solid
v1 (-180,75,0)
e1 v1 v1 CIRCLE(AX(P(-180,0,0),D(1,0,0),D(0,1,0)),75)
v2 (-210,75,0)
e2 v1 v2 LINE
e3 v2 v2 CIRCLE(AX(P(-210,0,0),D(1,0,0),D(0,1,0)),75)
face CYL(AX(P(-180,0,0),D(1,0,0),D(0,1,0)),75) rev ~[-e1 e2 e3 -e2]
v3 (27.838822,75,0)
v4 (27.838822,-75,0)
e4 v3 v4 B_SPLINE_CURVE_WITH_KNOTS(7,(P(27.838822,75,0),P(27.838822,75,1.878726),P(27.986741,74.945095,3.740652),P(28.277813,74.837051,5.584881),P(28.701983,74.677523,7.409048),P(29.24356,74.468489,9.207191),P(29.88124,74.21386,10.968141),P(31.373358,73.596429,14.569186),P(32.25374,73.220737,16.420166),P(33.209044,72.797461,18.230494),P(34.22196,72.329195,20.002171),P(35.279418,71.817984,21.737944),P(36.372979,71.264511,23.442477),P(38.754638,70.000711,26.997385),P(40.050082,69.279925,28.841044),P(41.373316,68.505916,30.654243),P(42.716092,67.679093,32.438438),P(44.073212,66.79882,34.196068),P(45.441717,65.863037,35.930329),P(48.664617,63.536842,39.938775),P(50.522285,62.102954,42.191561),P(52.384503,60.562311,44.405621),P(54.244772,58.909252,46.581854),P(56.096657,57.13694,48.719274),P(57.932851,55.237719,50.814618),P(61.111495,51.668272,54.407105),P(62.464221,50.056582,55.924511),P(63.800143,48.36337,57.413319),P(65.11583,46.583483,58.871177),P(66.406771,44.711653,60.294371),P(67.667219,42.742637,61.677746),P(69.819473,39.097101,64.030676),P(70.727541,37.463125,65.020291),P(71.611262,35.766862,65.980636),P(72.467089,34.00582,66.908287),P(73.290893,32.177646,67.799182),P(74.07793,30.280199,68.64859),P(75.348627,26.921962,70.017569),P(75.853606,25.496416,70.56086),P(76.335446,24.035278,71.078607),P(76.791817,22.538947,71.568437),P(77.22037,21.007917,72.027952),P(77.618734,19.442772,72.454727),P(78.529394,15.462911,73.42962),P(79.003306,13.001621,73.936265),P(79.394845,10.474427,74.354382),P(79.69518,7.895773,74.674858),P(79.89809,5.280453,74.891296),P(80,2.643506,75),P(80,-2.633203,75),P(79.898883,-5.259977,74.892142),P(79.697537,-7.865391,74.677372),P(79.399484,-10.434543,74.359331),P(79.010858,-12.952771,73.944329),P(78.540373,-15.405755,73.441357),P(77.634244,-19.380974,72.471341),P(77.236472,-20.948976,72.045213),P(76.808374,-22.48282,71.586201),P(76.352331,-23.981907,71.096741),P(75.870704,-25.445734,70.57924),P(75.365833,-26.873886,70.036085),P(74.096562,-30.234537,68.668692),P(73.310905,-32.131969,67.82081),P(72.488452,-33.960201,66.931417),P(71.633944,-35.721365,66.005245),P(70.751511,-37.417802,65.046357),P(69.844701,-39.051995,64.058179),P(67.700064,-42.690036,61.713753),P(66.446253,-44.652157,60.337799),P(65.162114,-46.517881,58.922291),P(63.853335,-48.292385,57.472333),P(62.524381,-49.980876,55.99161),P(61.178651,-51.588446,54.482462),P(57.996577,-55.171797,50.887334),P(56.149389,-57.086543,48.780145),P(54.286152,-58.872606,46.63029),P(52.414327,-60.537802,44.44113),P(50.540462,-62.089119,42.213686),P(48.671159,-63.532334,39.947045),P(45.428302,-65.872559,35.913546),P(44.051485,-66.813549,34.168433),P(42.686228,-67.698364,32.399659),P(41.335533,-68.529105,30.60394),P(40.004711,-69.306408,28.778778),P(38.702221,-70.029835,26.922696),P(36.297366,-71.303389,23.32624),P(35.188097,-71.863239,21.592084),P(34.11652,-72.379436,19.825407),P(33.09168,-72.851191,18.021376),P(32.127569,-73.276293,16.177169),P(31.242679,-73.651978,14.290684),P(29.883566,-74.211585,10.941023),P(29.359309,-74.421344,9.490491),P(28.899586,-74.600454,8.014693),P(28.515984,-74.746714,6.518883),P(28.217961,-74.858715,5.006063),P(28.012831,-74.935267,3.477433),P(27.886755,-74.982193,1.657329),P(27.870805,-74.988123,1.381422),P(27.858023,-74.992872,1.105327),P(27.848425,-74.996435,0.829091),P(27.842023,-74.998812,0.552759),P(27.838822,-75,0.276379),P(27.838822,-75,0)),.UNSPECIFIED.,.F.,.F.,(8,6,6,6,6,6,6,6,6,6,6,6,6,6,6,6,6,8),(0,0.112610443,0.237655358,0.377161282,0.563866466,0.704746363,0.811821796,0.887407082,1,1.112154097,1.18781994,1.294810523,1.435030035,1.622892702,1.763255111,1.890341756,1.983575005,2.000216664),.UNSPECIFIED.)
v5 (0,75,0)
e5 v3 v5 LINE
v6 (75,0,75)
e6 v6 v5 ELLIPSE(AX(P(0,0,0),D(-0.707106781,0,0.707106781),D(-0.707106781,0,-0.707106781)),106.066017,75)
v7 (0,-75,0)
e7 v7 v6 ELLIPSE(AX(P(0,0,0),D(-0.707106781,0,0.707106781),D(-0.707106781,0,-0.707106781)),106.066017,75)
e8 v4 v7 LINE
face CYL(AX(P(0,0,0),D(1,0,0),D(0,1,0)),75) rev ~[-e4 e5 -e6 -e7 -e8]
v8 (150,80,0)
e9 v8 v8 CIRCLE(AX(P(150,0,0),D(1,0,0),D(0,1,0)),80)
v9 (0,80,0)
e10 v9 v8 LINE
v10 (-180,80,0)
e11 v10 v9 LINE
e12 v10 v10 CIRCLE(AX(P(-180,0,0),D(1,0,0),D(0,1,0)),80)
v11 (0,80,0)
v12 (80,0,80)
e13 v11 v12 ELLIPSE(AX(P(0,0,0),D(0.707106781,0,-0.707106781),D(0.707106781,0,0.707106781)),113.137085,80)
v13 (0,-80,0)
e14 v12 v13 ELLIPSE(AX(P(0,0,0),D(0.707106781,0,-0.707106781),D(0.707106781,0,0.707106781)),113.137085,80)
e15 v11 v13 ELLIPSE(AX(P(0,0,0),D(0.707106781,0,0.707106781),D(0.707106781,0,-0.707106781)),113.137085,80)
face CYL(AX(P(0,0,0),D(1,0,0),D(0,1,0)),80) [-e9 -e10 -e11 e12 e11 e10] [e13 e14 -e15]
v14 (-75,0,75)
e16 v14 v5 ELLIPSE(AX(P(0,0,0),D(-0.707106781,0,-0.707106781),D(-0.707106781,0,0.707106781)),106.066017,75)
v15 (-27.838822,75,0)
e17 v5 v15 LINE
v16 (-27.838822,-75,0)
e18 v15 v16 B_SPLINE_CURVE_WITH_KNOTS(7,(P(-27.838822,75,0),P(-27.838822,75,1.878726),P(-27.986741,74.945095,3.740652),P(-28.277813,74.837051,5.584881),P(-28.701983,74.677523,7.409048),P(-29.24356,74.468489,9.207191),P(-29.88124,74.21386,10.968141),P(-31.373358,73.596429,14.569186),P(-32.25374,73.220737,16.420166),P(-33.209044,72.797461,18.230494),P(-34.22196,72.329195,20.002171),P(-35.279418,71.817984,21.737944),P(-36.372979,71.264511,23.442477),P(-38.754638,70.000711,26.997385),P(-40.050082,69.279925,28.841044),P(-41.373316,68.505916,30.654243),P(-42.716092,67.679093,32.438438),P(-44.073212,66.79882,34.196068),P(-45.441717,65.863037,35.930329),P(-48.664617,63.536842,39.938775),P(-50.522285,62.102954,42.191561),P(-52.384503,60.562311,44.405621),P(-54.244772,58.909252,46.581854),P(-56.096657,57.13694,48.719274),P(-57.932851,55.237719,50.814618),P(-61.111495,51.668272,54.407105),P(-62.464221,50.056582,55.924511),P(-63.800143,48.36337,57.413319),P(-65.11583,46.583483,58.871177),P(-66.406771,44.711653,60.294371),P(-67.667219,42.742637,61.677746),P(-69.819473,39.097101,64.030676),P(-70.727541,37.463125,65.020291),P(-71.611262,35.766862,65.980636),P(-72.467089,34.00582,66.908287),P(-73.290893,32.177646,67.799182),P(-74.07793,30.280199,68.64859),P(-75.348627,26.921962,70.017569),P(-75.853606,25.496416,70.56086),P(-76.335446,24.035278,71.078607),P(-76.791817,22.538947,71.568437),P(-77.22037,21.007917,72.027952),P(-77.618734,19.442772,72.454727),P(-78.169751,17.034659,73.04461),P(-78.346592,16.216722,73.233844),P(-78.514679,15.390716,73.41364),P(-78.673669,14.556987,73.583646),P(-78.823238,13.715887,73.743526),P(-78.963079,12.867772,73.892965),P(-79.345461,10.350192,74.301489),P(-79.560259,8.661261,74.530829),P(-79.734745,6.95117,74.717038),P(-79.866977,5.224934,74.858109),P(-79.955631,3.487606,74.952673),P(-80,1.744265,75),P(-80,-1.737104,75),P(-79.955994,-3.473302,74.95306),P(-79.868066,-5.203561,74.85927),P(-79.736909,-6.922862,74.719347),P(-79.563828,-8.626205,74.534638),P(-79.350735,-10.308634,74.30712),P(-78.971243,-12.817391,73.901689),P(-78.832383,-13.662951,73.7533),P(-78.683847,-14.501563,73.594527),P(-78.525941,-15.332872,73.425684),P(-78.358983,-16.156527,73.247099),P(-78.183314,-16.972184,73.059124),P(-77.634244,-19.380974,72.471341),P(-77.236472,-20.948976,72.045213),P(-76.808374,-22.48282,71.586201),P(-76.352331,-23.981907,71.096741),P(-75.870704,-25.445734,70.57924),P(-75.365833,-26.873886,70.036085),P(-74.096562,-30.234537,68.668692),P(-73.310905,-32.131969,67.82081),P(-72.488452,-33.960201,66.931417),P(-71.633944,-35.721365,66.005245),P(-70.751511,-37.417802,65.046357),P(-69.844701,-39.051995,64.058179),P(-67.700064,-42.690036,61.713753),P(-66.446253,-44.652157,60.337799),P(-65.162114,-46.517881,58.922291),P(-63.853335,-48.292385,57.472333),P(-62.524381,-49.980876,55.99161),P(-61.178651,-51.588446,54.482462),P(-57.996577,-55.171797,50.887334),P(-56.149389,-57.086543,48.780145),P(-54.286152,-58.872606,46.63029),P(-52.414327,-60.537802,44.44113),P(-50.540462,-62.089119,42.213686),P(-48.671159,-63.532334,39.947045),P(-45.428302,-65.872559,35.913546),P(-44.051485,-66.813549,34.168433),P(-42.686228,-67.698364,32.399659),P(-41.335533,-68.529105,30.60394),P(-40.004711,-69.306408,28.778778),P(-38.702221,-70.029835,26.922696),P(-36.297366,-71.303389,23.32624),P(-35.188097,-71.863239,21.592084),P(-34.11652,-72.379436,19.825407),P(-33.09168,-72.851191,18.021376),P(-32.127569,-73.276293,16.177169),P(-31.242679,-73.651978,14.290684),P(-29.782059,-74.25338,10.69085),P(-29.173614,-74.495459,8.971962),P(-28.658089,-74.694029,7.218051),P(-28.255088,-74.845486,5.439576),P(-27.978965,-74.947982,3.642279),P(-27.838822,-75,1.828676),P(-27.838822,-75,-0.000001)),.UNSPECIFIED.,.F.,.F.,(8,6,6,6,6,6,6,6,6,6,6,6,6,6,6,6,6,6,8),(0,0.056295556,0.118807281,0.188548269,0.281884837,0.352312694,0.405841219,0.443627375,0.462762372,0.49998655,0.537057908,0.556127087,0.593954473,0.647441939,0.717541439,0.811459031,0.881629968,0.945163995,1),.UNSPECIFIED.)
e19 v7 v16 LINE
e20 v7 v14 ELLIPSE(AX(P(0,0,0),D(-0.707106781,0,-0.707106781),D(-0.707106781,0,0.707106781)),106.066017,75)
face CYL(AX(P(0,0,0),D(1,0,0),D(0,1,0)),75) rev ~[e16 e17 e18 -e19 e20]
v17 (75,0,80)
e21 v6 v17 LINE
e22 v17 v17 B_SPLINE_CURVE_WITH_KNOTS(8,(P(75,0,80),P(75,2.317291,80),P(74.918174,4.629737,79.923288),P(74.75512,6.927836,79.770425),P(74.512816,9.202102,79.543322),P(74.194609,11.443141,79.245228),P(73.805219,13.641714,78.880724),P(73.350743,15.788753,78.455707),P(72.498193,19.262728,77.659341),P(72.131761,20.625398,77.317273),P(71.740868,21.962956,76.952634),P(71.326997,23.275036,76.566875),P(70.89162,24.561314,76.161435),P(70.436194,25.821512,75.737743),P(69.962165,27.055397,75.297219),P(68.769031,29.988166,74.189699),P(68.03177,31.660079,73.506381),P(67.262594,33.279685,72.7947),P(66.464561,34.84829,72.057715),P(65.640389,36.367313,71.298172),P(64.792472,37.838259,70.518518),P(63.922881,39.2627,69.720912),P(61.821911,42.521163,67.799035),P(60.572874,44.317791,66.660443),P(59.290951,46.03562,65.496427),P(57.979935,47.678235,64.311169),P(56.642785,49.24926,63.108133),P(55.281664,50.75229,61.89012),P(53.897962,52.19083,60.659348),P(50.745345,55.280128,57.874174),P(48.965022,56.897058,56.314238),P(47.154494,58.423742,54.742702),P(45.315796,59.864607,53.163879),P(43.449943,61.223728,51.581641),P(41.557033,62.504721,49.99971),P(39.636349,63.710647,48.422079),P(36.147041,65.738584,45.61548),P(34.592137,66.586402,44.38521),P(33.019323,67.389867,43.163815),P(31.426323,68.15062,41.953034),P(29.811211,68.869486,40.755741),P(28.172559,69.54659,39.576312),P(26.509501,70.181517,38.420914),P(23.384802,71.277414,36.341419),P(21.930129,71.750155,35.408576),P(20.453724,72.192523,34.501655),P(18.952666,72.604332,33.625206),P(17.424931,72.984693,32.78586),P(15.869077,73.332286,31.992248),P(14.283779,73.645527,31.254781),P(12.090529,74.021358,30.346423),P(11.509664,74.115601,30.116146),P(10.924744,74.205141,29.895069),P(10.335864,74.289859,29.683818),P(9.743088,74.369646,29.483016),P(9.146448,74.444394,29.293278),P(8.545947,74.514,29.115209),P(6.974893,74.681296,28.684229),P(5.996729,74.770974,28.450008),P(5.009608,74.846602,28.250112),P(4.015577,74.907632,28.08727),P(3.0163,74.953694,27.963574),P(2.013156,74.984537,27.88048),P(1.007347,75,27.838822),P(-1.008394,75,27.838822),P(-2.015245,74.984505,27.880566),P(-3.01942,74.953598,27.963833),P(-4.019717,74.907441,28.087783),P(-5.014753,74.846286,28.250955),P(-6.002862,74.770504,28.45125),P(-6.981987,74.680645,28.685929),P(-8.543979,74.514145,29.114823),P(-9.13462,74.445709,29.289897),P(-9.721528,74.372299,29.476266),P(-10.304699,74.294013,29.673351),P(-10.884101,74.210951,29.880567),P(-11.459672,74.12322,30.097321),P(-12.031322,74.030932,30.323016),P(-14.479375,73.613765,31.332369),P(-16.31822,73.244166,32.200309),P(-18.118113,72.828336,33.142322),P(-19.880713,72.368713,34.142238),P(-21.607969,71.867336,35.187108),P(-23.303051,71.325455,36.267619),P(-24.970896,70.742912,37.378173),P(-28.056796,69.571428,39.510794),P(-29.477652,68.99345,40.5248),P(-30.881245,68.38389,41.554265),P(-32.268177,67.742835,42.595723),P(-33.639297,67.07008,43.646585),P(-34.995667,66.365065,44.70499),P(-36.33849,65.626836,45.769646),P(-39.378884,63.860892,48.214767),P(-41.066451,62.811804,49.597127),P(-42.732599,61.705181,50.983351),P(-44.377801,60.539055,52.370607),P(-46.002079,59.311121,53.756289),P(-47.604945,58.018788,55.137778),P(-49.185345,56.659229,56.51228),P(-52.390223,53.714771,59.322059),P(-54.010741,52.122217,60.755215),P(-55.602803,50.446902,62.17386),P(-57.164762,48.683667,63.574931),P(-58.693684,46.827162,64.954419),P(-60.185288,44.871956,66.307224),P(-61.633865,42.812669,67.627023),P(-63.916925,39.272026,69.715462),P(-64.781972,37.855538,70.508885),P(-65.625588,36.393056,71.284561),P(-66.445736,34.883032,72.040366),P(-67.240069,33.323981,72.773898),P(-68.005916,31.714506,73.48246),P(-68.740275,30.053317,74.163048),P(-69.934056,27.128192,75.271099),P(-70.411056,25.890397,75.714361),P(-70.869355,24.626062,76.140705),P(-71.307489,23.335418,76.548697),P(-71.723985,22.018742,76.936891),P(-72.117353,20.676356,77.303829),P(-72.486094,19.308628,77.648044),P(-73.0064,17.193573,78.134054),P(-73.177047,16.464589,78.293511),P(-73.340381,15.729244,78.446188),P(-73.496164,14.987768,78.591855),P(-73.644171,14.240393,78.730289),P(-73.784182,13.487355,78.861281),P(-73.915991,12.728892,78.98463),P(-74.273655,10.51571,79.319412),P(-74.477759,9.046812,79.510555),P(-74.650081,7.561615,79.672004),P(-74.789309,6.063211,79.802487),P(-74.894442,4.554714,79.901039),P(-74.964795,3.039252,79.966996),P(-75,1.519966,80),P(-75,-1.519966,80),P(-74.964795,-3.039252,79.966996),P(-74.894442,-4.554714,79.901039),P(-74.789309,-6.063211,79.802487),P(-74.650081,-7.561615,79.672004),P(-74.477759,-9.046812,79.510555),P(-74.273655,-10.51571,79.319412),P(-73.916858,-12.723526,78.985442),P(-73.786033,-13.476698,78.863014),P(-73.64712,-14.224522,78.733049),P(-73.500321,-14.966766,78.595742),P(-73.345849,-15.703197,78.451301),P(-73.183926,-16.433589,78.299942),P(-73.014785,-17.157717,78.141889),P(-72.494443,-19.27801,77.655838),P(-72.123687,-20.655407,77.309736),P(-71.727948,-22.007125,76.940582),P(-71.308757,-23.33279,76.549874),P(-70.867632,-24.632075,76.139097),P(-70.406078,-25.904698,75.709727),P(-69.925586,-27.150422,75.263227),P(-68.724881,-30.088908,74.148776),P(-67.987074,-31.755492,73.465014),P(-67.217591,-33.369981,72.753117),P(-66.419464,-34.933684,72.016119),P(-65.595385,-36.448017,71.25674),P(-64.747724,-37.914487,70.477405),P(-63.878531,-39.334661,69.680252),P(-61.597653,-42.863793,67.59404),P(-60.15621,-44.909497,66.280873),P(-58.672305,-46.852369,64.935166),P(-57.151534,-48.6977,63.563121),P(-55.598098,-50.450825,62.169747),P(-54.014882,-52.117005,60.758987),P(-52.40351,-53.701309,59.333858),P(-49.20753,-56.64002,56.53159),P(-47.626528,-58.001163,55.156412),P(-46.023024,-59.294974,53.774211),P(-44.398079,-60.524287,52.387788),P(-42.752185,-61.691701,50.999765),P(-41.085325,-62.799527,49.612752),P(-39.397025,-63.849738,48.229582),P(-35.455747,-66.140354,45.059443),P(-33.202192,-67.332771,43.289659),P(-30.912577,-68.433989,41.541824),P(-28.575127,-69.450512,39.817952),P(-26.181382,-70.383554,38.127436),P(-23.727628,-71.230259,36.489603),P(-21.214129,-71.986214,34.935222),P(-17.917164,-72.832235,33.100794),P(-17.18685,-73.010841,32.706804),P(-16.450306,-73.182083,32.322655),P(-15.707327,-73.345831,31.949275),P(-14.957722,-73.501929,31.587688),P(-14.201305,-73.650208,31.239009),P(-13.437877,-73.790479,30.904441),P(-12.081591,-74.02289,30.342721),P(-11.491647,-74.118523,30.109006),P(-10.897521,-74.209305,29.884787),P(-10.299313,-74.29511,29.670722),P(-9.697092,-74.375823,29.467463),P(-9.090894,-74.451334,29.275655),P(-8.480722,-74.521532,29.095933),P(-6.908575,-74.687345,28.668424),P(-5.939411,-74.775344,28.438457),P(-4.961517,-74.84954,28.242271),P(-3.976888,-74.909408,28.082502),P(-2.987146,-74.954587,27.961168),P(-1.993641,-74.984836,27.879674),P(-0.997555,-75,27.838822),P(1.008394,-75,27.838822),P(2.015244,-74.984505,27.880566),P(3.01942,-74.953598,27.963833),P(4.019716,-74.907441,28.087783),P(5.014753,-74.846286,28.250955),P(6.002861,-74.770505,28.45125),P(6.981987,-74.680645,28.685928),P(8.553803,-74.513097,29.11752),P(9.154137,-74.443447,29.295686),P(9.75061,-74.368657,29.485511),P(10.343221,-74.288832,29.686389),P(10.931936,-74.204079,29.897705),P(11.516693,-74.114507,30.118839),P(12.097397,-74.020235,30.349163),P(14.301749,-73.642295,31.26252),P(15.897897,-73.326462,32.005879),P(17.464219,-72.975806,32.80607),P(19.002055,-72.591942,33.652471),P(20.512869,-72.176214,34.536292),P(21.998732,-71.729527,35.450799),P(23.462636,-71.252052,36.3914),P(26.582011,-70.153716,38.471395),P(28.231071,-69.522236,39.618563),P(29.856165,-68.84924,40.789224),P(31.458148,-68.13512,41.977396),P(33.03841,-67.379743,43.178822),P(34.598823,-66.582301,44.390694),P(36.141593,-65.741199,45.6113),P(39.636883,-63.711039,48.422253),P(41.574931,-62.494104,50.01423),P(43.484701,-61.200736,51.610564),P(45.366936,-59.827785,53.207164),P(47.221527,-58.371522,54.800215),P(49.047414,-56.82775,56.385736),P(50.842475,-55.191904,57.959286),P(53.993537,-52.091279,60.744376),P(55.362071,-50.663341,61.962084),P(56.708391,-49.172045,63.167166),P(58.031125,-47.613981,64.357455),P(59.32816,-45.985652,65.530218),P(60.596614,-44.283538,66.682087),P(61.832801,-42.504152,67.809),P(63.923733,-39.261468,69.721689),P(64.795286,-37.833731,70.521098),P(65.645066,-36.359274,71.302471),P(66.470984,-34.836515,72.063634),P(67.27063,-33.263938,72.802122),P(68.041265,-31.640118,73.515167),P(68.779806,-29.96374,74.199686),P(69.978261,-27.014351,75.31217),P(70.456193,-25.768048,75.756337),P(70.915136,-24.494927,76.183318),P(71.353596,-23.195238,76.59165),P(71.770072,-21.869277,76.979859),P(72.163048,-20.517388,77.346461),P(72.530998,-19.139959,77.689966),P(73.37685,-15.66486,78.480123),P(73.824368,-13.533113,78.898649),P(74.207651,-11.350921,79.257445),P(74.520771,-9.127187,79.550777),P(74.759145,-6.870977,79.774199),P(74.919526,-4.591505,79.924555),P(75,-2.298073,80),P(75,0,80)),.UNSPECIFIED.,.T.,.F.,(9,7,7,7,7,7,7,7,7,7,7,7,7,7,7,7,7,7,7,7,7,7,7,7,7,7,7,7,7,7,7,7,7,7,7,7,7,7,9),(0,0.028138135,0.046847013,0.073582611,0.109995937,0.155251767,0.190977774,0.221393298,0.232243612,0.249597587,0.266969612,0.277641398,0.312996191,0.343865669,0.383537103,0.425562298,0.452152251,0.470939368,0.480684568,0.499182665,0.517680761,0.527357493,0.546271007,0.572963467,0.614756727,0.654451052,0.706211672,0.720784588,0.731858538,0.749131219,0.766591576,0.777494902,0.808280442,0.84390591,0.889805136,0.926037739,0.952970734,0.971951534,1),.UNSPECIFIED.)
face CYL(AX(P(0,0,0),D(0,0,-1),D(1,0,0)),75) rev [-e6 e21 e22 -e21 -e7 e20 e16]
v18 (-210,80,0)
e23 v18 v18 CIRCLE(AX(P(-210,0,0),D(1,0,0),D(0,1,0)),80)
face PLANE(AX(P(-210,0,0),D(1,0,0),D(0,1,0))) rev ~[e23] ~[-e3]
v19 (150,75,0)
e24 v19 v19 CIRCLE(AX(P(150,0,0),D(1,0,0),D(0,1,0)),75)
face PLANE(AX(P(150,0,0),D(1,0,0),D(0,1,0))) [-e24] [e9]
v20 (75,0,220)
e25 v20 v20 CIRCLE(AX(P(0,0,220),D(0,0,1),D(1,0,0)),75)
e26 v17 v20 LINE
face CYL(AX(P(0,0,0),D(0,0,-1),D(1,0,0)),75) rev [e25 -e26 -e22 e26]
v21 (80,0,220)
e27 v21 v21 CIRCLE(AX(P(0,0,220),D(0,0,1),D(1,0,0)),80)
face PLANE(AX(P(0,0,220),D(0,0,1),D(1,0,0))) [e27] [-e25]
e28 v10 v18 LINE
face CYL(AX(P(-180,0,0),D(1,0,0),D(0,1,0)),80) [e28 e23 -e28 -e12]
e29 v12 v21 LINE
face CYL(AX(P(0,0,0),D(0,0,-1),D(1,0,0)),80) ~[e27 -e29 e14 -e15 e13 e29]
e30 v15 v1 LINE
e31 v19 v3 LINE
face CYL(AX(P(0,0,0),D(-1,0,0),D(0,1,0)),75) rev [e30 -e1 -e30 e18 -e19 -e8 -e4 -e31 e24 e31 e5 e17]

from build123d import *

# Parameters (mm, degrees)
F0_R      = 80
F0_R_2    = 75
F1_DEPTH  = 180
F2_R      = 80
F2_R_2    = 75
F3_DEPTH  = 220
F4_DEPTH  = 30
F5_DEPTH  = 30
F6_R      = 75
F7_DEPTH  = 250
F8_R      = 75
F9_DEPTH  = 250
F10_R     = 75
F11_DEPTH = 500


with BuildPart() as f1:
    # F0 (on Right) → F1 (new body, symmetric)
    with BuildSketch(Plane.YZ):
        Circle(F0_R)
        Circle(F0_R_2, mode=Mode.SUBTRACT)
    extrude(amount=F1_DEPTH, both=True)

    # F4 (add): a face of the model
    f4_faces = [f1.faces().sort_by_distance(p)[0] for p in [
        (-180, -77.7372583002, 0),
    ]]


with BuildPart() as f3:
    # F2 (on Top) → F3 (new body)
    with BuildSketch(Plane.XY):
        Circle(F2_R)
        Circle(F2_R_2, mode=Mode.SUBTRACT)
    extrude(amount=F3_DEPTH)


with BuildPart() as f1_1:
    add(f1.part)

    add(f3.part)  # F4 merges F3
    extrude(f4_faces, amount=F4_DEPTH)

    # F5 (cut): a face of the model
    f5_faces = [f1_1.faces().sort_by_distance(p)[0] for p in [
        (180, -77.7372583002, 0),
    ]]
    extrude(f5_faces, amount=-F5_DEPTH, mode=Mode.SUBTRACT)

    # F6 (on Right) → F7 (cut, symmetric)
    with BuildSketch(Plane.YZ):
        Circle(F6_R)
    extrude(amount=F7_DEPTH, both=True, mode=Mode.SUBTRACT)

    # F8 (on Right) → F9 (cut, symmetric)
    with BuildSketch(Plane.YZ):
        Circle(F8_R)
    extrude(amount=F9_DEPTH, both=True, mode=Mode.SUBTRACT)

    # F10 (on Top) → F11 (cut)
    with BuildSketch(Plane.XY):
        Circle(F10_R)
    extrude(amount=F11_DEPTH, mode=Mode.SUBTRACT)


with BuildPart() as f12_1:
    # F12: copy of F1
    add(f1_1.part)


solid = f1_1.part
